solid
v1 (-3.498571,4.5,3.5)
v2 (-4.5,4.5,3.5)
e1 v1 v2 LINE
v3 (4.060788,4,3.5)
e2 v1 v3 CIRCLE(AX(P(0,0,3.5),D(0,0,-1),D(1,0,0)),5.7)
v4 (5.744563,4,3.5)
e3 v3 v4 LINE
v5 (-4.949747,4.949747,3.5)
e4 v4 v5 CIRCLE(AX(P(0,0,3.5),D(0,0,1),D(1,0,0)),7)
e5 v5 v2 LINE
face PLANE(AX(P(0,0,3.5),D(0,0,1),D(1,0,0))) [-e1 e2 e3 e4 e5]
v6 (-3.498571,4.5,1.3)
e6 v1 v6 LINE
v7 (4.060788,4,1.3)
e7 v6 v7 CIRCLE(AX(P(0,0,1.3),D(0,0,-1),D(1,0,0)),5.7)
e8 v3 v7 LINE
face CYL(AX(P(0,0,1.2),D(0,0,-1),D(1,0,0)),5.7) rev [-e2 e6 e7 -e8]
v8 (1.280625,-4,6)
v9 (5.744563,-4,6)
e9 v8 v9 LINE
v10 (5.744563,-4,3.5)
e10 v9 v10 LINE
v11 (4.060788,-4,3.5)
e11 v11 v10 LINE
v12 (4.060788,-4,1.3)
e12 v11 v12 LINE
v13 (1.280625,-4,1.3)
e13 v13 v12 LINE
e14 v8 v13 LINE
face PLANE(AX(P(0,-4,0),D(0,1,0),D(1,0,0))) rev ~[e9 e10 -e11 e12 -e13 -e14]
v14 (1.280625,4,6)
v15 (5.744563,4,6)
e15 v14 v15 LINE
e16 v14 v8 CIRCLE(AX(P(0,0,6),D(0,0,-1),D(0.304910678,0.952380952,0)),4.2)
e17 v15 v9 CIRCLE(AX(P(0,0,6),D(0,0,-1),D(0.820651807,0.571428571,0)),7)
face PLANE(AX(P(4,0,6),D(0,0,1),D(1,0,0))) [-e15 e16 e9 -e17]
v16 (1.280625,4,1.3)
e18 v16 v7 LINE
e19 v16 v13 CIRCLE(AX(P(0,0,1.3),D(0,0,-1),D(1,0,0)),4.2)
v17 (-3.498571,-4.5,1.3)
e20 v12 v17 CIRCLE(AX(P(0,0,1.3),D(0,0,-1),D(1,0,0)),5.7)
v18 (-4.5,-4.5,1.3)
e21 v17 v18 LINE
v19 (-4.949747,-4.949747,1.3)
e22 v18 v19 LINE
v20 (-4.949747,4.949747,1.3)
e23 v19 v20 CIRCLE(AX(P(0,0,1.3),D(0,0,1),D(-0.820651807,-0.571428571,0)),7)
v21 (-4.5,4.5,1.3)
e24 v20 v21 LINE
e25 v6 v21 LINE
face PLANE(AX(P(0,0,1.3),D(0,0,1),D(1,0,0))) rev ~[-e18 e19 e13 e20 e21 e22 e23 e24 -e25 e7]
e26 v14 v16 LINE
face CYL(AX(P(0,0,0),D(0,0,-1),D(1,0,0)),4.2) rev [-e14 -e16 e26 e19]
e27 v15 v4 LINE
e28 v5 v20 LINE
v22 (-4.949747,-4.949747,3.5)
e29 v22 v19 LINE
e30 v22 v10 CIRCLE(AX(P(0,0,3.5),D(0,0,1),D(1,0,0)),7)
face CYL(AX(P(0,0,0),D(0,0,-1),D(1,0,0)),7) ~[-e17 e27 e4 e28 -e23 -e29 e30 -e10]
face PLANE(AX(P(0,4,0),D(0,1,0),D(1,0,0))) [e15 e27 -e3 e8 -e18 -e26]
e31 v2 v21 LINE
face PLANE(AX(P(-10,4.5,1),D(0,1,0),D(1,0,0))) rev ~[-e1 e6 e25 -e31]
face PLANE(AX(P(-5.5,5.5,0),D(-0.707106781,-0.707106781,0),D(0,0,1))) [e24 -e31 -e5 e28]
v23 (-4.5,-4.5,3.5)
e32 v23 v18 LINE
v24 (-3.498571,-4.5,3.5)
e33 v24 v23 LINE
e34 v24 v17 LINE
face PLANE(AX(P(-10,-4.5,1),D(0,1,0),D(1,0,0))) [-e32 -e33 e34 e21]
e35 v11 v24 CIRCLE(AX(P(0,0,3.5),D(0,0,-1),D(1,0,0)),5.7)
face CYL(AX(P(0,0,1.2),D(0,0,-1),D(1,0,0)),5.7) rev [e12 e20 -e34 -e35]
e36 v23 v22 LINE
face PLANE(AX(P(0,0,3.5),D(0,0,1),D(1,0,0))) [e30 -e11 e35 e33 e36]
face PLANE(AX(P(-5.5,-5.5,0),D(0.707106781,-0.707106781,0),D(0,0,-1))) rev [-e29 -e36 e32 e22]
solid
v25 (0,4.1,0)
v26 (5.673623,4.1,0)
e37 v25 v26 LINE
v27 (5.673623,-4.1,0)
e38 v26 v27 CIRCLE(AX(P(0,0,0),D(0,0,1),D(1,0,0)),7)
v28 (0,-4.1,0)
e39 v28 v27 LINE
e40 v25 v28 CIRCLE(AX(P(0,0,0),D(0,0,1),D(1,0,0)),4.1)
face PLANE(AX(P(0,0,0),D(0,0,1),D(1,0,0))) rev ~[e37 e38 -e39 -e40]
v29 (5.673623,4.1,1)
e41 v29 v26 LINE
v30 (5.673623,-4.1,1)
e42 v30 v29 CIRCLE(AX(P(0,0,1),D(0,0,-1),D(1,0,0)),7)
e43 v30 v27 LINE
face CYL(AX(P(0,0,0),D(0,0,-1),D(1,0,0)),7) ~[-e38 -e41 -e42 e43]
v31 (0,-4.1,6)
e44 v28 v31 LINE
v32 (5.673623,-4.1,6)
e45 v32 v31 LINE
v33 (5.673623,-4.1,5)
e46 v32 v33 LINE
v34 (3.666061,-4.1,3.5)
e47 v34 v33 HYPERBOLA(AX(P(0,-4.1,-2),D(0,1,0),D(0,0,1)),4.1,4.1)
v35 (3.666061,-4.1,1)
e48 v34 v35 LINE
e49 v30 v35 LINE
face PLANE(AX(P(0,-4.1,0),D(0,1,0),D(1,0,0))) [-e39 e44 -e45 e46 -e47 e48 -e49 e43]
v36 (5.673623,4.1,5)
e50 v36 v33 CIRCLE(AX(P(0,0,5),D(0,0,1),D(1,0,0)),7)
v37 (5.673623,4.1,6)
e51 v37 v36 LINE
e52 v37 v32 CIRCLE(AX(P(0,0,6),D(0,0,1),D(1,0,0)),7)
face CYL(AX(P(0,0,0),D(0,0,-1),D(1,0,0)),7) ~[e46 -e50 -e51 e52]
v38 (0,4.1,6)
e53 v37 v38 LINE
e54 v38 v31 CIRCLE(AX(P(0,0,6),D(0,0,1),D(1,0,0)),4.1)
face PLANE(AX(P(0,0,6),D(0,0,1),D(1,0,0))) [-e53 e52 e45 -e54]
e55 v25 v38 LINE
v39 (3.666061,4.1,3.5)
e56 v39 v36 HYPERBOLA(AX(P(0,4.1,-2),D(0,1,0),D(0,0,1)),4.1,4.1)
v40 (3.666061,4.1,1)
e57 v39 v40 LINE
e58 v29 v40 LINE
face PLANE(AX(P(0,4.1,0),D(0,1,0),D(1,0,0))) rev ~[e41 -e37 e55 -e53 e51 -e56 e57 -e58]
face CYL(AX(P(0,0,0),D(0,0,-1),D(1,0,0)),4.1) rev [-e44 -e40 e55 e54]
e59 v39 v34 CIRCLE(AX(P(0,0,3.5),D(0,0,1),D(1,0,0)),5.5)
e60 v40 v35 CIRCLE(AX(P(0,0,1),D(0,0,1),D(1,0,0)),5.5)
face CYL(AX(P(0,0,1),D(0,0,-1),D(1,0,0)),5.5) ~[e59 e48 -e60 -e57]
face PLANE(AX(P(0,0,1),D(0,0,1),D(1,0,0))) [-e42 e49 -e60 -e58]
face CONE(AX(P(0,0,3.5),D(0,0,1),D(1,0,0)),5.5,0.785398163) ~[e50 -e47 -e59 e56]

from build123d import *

# Parameters (mm, degrees)
BOX_W             = 12
BOX_H             = 8.2
BOX_DEPTH         = 10
CYLINDER003_R     = 5.5
CYLINDER003_DEPTH = 4
CYLINDER002_R     = 8
CYLINDER002_DEPTH = 4
CHAMFER_SIZE      = 1.5
CYLINDER001_R     = 4.1
CYLINDER001_DEPTH = 6
CYLINDER_R        = 7
CYLINDER_DEPTH    = 6
BOX004_W          = 10
BOX004_H          = 9
BOX004_DEPTH      = 10
BOX003_W          = 10
BOX003_H          = 14
BOX003_DEPTH      = 10
CHAMFER002_SIZE   = 3
BOX002_W          = 10
BOX002_H          = 8
BOX002_DEPTH      = 6
CYLINDER011_R     = 10
CYLINDER011_DEPTH = 1.3
CYLINDER014_R     = 5.7
CYLINDER014_DEPTH = 10
CYLINDER013_R     = 7
CYLINDER013_DEPTH = 2.3
CYLINDER010_R     = 4.2
CYLINDER010_DEPTH = 10
BOX001_W          = 8
BOX001_H          = 8
BOX001_DEPTH      = 6
CYLINDER009_R     = 7
CYLINDER009_DEPTH = 10


with BuildPart() as cube:
    # Box → Box (new body)
    with BuildSketch(Plane(origin=(0, -4.1, 0), x_dir=(1, 0, 0), z_dir=(0, 0, 1))):
        with Locations((6, 4.1)):
            Rectangle(BOX_W, BOX_H)
    extrude(amount=BOX_DEPTH)


with BuildPart() as cylinder003:
    # Cylinder003 → Cylinder003 (new body)
    with BuildSketch(Plane.XY.offset(1)):
        Circle(CYLINDER003_R)
    extrude(amount=CYLINDER003_DEPTH)


with BuildPart() as chamfer_body:
    # Cylinder002 → Cylinder002 (new body)
    with BuildSketch(Plane.XY.offset(1)):
        Circle(CYLINDER002_R)
    extrude(amount=CYLINDER002_DEPTH)

    # Cut010: cut Cylinder003
    add(cylinder003.part, mode=Mode.SUBTRACT)

    # Chamfer
    chamfer_edges = [chamfer_body.edges().sort_by_distance(p)[0] for p in [
        (-5.5, 0, 5),
    ]]
    chamfer(chamfer_edges, length=CHAMFER_SIZE)


with BuildPart() as cylinder001:
    # Cylinder001 → Cylinder001 (new body)
    with BuildSketch(Plane.XY):
        Circle(CYLINDER001_R)
    extrude(amount=CYLINDER001_DEPTH)


with BuildPart() as cut012:
    # Cylinder → Cylinder (new body)
    with BuildSketch(Plane.XY):
        Circle(CYLINDER_R)
    extrude(amount=CYLINDER_DEPTH)

    # Cut: cut Cylinder001
    add(cylinder001.part, mode=Mode.SUBTRACT)

    # Cut011: cut Chamfer body
    add(chamfer_body.part, mode=Mode.SUBTRACT)

    # Cut012: cut Cube
    add(cube.part, mode=Mode.SUBTRACT)


with BuildPart() as cube004:
    # Box004 → Box004 (new body)
    with BuildSketch(Plane(origin=(-10, -4.5, 1), x_dir=(1, 0, 0), z_dir=(0, 0, 1))):
        with Locations((5, 4.5)):
            Rectangle(BOX004_W, BOX004_H)
    extrude(amount=BOX004_DEPTH)


with BuildPart() as chamfer002:
    # Box003 → Box003 (new body)
    with BuildSketch(Plane(origin=(-13.5, -7, 0), x_dir=(1, 0, 0), z_dir=(0, 0, 1))):
        with Locations((5, 7)):
            Rectangle(BOX003_W, BOX003_H)
    extrude(amount=BOX003_DEPTH)

    # Chamfer002
    chamfer002_edges = [chamfer002.edges().sort_by_distance(p)[0] for p in [
        (-3.5, -7, 5),
        (-3.5, 7, 5),
    ]]
    chamfer(chamfer002_edges, length=CHAMFER002_SIZE)


with BuildPart() as chamfer002_1:
    # Chamfer002 placement: moved
    add(chamfer002.part.moved(Location((-0.5, 0, 0))))


with BuildPart() as cube002:
    # Box002 → Box002 (new body)
    with BuildSketch(Plane(origin=(-10, -4, 0), x_dir=(1, 0, 0), z_dir=(0, 0, 1))):
        with Locations((5, 4)):
            Rectangle(BOX002_W, BOX002_H)
    extrude(amount=BOX002_DEPTH)


with BuildPart() as cylinder011:
    # Cylinder011 → Cylinder011 (new body)
    with BuildSketch(Plane.XY):
        Circle(CYLINDER011_R)
    extrude(amount=CYLINDER011_DEPTH)


with BuildPart() as cylinder014:
    # Cylinder014 → Cylinder014 (new body)
    with BuildSketch(Plane.XY.offset(1.2)):
        Circle(CYLINDER014_R)
    extrude(amount=CYLINDER014_DEPTH)


with BuildPart() as cut015:
    # Cylinder013 → Cylinder013 (new body)
    with BuildSketch(Plane.XY.offset(1.2)):
        Circle(CYLINDER013_R)
    extrude(amount=CYLINDER013_DEPTH)

    # Cut015: cut Cylinder014
    add(cylinder014.part, mode=Mode.SUBTRACT)


with BuildPart() as cylinder010:
    # Cylinder010 → Cylinder010 (new body)
    with BuildSketch(Plane.XY):
        Circle(CYLINDER010_R)
    extrude(amount=CYLINDER010_DEPTH)


with BuildPart() as cube001:
    # Box001 → Box001 (new body)
    with BuildSketch(Plane(origin=(0, -4, 0), x_dir=(1, 0, 0), z_dir=(0, 0, 1))):
        with Locations((4, 4)):
            Rectangle(BOX001_W, BOX001_H)
    extrude(amount=BOX001_DEPTH)


with BuildPart() as cut019:
    # Cylinder009 → Cylinder009 (new body)
    with BuildSketch(Plane.XY):
        Circle(CYLINDER009_R)
    extrude(amount=CYLINDER009_DEPTH)

    # Common001: intersect Cube001
    add(cube001.part, mode=Mode.INTERSECT)

    # Cut014: cut Cylinder010
    add(cylinder010.part, mode=Mode.SUBTRACT)

    # Fusion: union Cut015
    add(cut015.part)

    # Cut016: cut Cylinder011
    add(cylinder011.part, mode=Mode.SUBTRACT)

    # Cut017: cut Cube002
    add(cube002.part, mode=Mode.SUBTRACT)

    # Cut018: cut Chamfer002
    add(chamfer002_1.part, mode=Mode.SUBTRACT)

    # Cut019: cut Cube004
    add(cube004.part, mode=Mode.SUBTRACT)


solid = Compound([cut012.part, cut019.part])
